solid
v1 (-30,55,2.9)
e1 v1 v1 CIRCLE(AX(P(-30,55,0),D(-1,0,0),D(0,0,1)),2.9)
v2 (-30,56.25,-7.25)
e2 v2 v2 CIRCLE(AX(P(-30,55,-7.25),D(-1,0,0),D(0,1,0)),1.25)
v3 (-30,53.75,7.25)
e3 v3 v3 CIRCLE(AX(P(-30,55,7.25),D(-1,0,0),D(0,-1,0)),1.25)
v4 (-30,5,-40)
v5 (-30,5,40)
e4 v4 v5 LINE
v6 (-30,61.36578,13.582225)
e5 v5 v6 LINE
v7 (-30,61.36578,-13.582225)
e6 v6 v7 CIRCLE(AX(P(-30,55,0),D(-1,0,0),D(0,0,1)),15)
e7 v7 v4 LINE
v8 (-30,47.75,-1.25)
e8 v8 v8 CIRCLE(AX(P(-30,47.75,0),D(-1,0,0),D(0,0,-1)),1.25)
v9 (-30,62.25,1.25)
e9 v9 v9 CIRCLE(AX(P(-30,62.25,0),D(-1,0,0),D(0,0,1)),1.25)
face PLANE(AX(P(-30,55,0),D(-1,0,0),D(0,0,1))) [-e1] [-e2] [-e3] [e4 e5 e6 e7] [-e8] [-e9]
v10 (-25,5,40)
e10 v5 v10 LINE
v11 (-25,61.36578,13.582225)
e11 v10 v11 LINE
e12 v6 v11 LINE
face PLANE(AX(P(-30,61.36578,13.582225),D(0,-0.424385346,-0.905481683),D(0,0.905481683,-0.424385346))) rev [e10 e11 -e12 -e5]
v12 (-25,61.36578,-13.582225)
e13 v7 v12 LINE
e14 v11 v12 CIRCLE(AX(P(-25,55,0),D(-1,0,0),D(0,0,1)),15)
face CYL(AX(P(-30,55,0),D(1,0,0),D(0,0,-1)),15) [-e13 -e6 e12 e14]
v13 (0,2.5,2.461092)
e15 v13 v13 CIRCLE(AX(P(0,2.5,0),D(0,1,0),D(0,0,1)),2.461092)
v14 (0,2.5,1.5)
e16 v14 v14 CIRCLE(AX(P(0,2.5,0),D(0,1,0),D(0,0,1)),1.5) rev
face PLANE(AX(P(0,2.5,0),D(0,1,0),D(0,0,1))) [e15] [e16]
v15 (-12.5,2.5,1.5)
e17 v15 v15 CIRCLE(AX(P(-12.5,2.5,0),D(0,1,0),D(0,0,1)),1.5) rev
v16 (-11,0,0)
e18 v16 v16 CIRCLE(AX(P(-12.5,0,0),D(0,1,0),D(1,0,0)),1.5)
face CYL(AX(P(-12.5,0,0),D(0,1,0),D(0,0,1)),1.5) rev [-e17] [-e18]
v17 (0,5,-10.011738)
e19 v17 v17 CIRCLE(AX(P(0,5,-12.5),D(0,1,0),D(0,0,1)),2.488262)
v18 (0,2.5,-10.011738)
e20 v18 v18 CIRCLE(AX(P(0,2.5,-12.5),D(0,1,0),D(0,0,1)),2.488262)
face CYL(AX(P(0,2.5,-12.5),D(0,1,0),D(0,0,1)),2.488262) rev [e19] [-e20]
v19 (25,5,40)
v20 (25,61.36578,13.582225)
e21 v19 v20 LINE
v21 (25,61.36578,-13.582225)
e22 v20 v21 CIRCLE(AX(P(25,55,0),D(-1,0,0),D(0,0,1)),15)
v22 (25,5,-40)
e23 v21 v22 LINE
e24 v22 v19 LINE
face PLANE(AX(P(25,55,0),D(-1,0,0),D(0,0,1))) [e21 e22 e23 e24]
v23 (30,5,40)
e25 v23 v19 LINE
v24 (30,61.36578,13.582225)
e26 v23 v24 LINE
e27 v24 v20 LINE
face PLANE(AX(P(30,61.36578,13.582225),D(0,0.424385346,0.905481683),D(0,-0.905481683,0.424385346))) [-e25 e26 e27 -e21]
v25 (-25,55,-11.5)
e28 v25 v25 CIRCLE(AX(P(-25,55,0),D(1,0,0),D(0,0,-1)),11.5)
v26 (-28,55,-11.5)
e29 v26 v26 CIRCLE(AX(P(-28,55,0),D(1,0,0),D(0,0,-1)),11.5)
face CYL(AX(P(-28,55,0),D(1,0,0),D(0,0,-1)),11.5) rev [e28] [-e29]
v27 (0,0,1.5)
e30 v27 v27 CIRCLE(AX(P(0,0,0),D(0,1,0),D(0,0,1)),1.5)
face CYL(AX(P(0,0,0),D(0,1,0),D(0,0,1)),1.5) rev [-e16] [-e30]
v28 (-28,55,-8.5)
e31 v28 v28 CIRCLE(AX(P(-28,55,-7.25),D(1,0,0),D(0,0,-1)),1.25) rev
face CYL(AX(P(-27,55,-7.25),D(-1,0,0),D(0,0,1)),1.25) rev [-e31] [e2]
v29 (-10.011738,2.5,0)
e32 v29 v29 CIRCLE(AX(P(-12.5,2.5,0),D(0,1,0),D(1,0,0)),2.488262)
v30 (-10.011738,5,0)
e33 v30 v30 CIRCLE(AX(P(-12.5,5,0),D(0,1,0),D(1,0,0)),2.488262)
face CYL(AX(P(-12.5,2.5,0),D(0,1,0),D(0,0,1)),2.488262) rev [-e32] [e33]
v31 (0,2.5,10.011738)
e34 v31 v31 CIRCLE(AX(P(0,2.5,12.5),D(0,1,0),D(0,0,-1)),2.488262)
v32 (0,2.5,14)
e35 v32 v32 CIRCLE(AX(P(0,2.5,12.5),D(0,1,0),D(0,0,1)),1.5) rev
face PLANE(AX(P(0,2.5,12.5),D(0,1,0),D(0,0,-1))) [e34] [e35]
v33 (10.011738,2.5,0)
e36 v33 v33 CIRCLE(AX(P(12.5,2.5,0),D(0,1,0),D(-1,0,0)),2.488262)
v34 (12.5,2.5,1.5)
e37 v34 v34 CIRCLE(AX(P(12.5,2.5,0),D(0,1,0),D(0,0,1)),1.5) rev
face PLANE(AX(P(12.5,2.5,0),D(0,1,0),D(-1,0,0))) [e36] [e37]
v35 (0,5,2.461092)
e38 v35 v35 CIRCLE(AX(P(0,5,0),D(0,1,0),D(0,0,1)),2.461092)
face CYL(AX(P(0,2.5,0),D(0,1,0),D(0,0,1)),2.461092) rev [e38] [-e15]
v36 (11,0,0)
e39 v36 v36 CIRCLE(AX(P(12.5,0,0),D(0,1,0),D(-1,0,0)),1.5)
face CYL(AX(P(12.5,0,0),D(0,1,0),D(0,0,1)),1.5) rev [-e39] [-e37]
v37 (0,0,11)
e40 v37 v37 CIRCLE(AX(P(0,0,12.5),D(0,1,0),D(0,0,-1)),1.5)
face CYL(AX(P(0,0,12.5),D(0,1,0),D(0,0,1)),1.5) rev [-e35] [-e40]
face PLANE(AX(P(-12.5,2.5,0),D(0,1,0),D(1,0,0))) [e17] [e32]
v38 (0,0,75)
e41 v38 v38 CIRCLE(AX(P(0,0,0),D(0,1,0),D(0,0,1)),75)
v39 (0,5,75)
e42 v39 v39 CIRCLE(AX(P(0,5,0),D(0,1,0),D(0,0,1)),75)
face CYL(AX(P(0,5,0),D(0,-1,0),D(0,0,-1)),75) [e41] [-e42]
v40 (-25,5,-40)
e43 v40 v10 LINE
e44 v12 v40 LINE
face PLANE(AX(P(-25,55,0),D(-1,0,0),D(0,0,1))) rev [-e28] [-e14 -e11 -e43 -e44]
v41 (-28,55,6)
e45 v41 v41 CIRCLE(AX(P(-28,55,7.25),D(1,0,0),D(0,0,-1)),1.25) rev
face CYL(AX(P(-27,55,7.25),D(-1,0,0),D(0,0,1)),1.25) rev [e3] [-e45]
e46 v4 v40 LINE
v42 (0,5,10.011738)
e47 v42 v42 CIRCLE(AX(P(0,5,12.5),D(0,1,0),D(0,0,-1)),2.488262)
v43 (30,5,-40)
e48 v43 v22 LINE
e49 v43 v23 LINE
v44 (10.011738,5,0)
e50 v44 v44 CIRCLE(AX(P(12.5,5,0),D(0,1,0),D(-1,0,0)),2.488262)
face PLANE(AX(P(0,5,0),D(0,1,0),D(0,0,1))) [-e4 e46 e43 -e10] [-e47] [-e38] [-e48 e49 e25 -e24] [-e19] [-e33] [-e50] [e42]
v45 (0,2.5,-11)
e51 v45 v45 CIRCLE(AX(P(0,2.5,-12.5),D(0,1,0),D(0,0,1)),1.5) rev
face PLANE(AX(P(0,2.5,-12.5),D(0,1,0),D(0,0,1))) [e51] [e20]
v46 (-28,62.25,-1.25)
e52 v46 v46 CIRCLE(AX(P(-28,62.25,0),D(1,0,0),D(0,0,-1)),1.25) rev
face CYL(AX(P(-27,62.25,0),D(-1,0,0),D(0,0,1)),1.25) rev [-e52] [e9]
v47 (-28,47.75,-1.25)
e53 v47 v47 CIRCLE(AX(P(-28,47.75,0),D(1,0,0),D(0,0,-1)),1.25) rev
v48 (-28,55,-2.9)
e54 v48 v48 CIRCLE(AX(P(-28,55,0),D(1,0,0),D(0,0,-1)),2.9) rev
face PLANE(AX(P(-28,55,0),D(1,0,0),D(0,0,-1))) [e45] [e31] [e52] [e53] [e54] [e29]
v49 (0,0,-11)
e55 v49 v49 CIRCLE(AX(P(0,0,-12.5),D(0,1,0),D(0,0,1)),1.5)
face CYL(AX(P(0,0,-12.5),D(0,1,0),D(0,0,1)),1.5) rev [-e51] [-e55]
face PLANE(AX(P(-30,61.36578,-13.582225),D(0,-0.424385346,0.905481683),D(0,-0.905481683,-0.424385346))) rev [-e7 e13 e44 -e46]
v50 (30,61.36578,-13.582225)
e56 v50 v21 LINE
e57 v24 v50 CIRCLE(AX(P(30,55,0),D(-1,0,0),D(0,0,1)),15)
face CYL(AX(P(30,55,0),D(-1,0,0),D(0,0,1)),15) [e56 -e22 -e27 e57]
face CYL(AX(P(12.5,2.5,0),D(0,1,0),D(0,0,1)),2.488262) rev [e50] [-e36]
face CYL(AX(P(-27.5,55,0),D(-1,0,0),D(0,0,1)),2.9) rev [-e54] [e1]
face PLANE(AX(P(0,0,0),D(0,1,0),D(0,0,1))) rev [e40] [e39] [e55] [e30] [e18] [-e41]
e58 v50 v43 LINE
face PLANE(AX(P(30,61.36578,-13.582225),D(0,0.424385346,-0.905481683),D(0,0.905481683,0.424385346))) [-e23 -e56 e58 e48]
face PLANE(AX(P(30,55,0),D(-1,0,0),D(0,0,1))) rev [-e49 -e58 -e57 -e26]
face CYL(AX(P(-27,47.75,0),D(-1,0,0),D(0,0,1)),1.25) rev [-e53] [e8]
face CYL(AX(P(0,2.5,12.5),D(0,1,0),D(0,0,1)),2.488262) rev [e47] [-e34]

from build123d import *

# Parameters (mm, degrees)
SKETCH1_R           = 75
BOSS_EXTRUDE1_DEPTH = 5
BOSS_EXTRUDE2_DEPTH = 5
BOSS_EXTRUDE3_START = -5
BOSS_EXTRUDE3_DEPTH = 5
SKETCH6_R           = 1.5
CUT_EXTRUDE1_DEPTH  = 5
SKETCH7_R           = 2.9
CUT_EXTRUDE2_DEPTH  = 2.5
SKETCH8_R           = 0.6
CUT_EXTRUDE3_DEPTH  = 5
CIRPATTERN1_COUNT   = 4
SKETCH10_R          = 1.25
CUT_EXTRUDE4_DEPTH  = 3
CIRPATTERN2_COUNT   = 4
SKETCH11_R          = 1.5
CUT_EXTRUDE5_DEPTH  = 5
SKETCH12_R          = 1.5
CUT_EXTRUDE6_DEPTH  = 5
CIRPATTERN3_COUNT   = 4
SKETCH13_R          = 2.488262112
CUT_EXTRUDE7_DEPTH  = 2.5
CIRPATTERN4_COUNT   = 4
SKETCH14_R          = 2.461092264
CUT_EXTRUDE8_DEPTH  = 2.5
SKETCH16_R          = 11.5
CUT_EXTRUDE10_DEPTH = 3


with BuildPart() as part:
    # Sketch1 → Boss-Extrude1 (new body)
    with BuildSketch(Plane(origin=(0, 0, 0), x_dir=(1, 0, 0), z_dir=(0, 1, 0))):
        with Locations(Location((0, 0, 0), (0, 0, 270))):
            Circle(SKETCH1_R)
    extrude(amount=BOSS_EXTRUDE1_DEPTH)

    # Sketch4 → Boss-Extrude2 (add)
    with BuildSketch(Plane.ZY.offset(25)):
        with BuildLine():
            Line((-13.582225242, 61.365780194), (-40, 5))
            Line((-40, 5), (40, 5))
            Line((40, 5), (13.582225242, 61.365780194))
            ThreePointArc((13.582225242, 61.365780194), (0, 70), (-13.582225242, 61.365780194))
        make_face()
    extrude(amount=BOSS_EXTRUDE2_DEPTH)

    # Sketch5 → Boss-Extrude3 (add)
    with BuildSketch(Plane.ZY.offset(-25).offset(BOSS_EXTRUDE3_START)):
        with BuildLine():
            Line((13.582225242, 61.365780194), (40, 5))
            Line((40, 5), (-40, 5))
            Line((-40, 5), (-13.582225242, 61.365780194))
            ThreePointArc((-13.582225242, 61.365780194), (0, 70), (13.582225242, 61.365780194))
        make_face()
    extrude(amount=BOSS_EXTRUDE3_DEPTH)

    # Sketch6 → Cut-Extrude1 (cut)
    with BuildSketch(Plane.ZY.offset(30)):
        with Locations((0, 55)):
            Circle(SKETCH6_R)
    extrude(amount=-CUT_EXTRUDE1_DEPTH, mode=Mode.SUBTRACT)

    # Sketch7 → Cut-Extrude2 (cut)
    with BuildSketch(Plane.ZY.offset(30)):
        with Locations((0, 55)):
            Circle(SKETCH7_R)
    extrude(amount=-CUT_EXTRUDE2_DEPTH, mode=Mode.SUBTRACT)

    # Sketch8 → Cut-Extrude3 (cut)
    with BuildSketch(Plane.ZY.offset(30)):
        with Locations((0, 62.25)):
            Circle(SKETCH8_R)
    cut_extrude3 = extrude(amount=-CUT_EXTRUDE3_DEPTH, mode=Mode.SUBTRACT)

    # CirPattern1: Cut-Extrude3 ×4 about axis
    cirpattern1_axis = Axis((0, 55, 0), (1, 0, 0))
    for i in range(1, CIRPATTERN1_COUNT):
        add(cut_extrude3.rotate(cirpattern1_axis, i * 360 / CIRPATTERN1_COUNT), mode=Mode.SUBTRACT)

    # Sketch10 → Cut-Extrude4 (cut)
    with BuildSketch(Plane.ZY.offset(30)):
        with Locations((0, 62.25)):
            Circle(SKETCH10_R)
    cut_extrude4 = extrude(amount=-CUT_EXTRUDE4_DEPTH, mode=Mode.SUBTRACT)

    # CirPattern2: Cut-Extrude4 ×4 about axis
    cirpattern2_axis = Axis((0, 55, 0), (1, 0, 0))
    for i in range(1, CIRPATTERN2_COUNT):
        add(cut_extrude4.rotate(cirpattern2_axis, i * 360 / CIRPATTERN2_COUNT), mode=Mode.SUBTRACT)

    # Sketch11 → Cut-Extrude5 (cut)
    with BuildSketch(Plane(origin=(0, 5, 0), x_dir=(1, 0, 0), z_dir=(0, 1, 0))):
        with Locations(Location((0, 0, 0), (0, 0, 270))):
            Circle(SKETCH11_R)
    extrude(amount=-CUT_EXTRUDE5_DEPTH, mode=Mode.SUBTRACT)

    # Sketch12 → Cut-Extrude6 (cut)
    with BuildSketch(Plane(origin=(0, 5, 0), x_dir=(1, 0, 0), z_dir=(0, 1, 0))):
        with Locations(Location((0, 12.5, 0), (0, 0, 270))):
            Circle(SKETCH12_R)
    cut_extrude6 = extrude(amount=-CUT_EXTRUDE6_DEPTH, mode=Mode.SUBTRACT)

    # CirPattern3: Cut-Extrude6 ×4 about axis
    cirpattern3_axis = Axis((0, 0, 0), (0, 1, 0))
    for i in range(1, CIRPATTERN3_COUNT):
        add(cut_extrude6.rotate(cirpattern3_axis, i * 360 / CIRPATTERN3_COUNT), mode=Mode.SUBTRACT)

    # Sketch13 → Cut-Extrude7 (cut)
    with BuildSketch(Plane(origin=(0, 5, 0), x_dir=(1, 0, 0), z_dir=(0, 1, 0))):
        with Locations(Location((0, 12.5, 0), (0, 0, 270))):
            Circle(SKETCH13_R)
    cut_extrude7 = extrude(amount=-CUT_EXTRUDE7_DEPTH, mode=Mode.SUBTRACT)

    # CirPattern4: Cut-Extrude7 ×4 about axis
    cirpattern4_axis = Axis((0, 0, 0), (0, 1, 0))
    for i in range(1, CIRPATTERN4_COUNT):
        add(cut_extrude7.rotate(cirpattern4_axis, i * 360 / CIRPATTERN4_COUNT), mode=Mode.SUBTRACT)

    # Sketch14 → Cut-Extrude8 (cut)
    with BuildSketch(Plane(origin=(0, 5, 0), x_dir=(1, 0, 0), z_dir=(0, 1, 0))):
        with Locations(Location((0, 0, 0), (0, 0, 270))):
            Circle(SKETCH14_R)
    extrude(amount=-CUT_EXTRUDE8_DEPTH, mode=Mode.SUBTRACT)

    # Sketch16 → Cut-Extrude10 (cut)
    with BuildSketch(Plane(origin=(-25, 0, 0), x_dir=(0, 0, -1), z_dir=(1, 0, 0))):
        with Locations((0, 55)):
            Circle(SKETCH16_R)
    extrude(amount=-CUT_EXTRUDE10_DEPTH, mode=Mode.SUBTRACT)


solid = part.part
